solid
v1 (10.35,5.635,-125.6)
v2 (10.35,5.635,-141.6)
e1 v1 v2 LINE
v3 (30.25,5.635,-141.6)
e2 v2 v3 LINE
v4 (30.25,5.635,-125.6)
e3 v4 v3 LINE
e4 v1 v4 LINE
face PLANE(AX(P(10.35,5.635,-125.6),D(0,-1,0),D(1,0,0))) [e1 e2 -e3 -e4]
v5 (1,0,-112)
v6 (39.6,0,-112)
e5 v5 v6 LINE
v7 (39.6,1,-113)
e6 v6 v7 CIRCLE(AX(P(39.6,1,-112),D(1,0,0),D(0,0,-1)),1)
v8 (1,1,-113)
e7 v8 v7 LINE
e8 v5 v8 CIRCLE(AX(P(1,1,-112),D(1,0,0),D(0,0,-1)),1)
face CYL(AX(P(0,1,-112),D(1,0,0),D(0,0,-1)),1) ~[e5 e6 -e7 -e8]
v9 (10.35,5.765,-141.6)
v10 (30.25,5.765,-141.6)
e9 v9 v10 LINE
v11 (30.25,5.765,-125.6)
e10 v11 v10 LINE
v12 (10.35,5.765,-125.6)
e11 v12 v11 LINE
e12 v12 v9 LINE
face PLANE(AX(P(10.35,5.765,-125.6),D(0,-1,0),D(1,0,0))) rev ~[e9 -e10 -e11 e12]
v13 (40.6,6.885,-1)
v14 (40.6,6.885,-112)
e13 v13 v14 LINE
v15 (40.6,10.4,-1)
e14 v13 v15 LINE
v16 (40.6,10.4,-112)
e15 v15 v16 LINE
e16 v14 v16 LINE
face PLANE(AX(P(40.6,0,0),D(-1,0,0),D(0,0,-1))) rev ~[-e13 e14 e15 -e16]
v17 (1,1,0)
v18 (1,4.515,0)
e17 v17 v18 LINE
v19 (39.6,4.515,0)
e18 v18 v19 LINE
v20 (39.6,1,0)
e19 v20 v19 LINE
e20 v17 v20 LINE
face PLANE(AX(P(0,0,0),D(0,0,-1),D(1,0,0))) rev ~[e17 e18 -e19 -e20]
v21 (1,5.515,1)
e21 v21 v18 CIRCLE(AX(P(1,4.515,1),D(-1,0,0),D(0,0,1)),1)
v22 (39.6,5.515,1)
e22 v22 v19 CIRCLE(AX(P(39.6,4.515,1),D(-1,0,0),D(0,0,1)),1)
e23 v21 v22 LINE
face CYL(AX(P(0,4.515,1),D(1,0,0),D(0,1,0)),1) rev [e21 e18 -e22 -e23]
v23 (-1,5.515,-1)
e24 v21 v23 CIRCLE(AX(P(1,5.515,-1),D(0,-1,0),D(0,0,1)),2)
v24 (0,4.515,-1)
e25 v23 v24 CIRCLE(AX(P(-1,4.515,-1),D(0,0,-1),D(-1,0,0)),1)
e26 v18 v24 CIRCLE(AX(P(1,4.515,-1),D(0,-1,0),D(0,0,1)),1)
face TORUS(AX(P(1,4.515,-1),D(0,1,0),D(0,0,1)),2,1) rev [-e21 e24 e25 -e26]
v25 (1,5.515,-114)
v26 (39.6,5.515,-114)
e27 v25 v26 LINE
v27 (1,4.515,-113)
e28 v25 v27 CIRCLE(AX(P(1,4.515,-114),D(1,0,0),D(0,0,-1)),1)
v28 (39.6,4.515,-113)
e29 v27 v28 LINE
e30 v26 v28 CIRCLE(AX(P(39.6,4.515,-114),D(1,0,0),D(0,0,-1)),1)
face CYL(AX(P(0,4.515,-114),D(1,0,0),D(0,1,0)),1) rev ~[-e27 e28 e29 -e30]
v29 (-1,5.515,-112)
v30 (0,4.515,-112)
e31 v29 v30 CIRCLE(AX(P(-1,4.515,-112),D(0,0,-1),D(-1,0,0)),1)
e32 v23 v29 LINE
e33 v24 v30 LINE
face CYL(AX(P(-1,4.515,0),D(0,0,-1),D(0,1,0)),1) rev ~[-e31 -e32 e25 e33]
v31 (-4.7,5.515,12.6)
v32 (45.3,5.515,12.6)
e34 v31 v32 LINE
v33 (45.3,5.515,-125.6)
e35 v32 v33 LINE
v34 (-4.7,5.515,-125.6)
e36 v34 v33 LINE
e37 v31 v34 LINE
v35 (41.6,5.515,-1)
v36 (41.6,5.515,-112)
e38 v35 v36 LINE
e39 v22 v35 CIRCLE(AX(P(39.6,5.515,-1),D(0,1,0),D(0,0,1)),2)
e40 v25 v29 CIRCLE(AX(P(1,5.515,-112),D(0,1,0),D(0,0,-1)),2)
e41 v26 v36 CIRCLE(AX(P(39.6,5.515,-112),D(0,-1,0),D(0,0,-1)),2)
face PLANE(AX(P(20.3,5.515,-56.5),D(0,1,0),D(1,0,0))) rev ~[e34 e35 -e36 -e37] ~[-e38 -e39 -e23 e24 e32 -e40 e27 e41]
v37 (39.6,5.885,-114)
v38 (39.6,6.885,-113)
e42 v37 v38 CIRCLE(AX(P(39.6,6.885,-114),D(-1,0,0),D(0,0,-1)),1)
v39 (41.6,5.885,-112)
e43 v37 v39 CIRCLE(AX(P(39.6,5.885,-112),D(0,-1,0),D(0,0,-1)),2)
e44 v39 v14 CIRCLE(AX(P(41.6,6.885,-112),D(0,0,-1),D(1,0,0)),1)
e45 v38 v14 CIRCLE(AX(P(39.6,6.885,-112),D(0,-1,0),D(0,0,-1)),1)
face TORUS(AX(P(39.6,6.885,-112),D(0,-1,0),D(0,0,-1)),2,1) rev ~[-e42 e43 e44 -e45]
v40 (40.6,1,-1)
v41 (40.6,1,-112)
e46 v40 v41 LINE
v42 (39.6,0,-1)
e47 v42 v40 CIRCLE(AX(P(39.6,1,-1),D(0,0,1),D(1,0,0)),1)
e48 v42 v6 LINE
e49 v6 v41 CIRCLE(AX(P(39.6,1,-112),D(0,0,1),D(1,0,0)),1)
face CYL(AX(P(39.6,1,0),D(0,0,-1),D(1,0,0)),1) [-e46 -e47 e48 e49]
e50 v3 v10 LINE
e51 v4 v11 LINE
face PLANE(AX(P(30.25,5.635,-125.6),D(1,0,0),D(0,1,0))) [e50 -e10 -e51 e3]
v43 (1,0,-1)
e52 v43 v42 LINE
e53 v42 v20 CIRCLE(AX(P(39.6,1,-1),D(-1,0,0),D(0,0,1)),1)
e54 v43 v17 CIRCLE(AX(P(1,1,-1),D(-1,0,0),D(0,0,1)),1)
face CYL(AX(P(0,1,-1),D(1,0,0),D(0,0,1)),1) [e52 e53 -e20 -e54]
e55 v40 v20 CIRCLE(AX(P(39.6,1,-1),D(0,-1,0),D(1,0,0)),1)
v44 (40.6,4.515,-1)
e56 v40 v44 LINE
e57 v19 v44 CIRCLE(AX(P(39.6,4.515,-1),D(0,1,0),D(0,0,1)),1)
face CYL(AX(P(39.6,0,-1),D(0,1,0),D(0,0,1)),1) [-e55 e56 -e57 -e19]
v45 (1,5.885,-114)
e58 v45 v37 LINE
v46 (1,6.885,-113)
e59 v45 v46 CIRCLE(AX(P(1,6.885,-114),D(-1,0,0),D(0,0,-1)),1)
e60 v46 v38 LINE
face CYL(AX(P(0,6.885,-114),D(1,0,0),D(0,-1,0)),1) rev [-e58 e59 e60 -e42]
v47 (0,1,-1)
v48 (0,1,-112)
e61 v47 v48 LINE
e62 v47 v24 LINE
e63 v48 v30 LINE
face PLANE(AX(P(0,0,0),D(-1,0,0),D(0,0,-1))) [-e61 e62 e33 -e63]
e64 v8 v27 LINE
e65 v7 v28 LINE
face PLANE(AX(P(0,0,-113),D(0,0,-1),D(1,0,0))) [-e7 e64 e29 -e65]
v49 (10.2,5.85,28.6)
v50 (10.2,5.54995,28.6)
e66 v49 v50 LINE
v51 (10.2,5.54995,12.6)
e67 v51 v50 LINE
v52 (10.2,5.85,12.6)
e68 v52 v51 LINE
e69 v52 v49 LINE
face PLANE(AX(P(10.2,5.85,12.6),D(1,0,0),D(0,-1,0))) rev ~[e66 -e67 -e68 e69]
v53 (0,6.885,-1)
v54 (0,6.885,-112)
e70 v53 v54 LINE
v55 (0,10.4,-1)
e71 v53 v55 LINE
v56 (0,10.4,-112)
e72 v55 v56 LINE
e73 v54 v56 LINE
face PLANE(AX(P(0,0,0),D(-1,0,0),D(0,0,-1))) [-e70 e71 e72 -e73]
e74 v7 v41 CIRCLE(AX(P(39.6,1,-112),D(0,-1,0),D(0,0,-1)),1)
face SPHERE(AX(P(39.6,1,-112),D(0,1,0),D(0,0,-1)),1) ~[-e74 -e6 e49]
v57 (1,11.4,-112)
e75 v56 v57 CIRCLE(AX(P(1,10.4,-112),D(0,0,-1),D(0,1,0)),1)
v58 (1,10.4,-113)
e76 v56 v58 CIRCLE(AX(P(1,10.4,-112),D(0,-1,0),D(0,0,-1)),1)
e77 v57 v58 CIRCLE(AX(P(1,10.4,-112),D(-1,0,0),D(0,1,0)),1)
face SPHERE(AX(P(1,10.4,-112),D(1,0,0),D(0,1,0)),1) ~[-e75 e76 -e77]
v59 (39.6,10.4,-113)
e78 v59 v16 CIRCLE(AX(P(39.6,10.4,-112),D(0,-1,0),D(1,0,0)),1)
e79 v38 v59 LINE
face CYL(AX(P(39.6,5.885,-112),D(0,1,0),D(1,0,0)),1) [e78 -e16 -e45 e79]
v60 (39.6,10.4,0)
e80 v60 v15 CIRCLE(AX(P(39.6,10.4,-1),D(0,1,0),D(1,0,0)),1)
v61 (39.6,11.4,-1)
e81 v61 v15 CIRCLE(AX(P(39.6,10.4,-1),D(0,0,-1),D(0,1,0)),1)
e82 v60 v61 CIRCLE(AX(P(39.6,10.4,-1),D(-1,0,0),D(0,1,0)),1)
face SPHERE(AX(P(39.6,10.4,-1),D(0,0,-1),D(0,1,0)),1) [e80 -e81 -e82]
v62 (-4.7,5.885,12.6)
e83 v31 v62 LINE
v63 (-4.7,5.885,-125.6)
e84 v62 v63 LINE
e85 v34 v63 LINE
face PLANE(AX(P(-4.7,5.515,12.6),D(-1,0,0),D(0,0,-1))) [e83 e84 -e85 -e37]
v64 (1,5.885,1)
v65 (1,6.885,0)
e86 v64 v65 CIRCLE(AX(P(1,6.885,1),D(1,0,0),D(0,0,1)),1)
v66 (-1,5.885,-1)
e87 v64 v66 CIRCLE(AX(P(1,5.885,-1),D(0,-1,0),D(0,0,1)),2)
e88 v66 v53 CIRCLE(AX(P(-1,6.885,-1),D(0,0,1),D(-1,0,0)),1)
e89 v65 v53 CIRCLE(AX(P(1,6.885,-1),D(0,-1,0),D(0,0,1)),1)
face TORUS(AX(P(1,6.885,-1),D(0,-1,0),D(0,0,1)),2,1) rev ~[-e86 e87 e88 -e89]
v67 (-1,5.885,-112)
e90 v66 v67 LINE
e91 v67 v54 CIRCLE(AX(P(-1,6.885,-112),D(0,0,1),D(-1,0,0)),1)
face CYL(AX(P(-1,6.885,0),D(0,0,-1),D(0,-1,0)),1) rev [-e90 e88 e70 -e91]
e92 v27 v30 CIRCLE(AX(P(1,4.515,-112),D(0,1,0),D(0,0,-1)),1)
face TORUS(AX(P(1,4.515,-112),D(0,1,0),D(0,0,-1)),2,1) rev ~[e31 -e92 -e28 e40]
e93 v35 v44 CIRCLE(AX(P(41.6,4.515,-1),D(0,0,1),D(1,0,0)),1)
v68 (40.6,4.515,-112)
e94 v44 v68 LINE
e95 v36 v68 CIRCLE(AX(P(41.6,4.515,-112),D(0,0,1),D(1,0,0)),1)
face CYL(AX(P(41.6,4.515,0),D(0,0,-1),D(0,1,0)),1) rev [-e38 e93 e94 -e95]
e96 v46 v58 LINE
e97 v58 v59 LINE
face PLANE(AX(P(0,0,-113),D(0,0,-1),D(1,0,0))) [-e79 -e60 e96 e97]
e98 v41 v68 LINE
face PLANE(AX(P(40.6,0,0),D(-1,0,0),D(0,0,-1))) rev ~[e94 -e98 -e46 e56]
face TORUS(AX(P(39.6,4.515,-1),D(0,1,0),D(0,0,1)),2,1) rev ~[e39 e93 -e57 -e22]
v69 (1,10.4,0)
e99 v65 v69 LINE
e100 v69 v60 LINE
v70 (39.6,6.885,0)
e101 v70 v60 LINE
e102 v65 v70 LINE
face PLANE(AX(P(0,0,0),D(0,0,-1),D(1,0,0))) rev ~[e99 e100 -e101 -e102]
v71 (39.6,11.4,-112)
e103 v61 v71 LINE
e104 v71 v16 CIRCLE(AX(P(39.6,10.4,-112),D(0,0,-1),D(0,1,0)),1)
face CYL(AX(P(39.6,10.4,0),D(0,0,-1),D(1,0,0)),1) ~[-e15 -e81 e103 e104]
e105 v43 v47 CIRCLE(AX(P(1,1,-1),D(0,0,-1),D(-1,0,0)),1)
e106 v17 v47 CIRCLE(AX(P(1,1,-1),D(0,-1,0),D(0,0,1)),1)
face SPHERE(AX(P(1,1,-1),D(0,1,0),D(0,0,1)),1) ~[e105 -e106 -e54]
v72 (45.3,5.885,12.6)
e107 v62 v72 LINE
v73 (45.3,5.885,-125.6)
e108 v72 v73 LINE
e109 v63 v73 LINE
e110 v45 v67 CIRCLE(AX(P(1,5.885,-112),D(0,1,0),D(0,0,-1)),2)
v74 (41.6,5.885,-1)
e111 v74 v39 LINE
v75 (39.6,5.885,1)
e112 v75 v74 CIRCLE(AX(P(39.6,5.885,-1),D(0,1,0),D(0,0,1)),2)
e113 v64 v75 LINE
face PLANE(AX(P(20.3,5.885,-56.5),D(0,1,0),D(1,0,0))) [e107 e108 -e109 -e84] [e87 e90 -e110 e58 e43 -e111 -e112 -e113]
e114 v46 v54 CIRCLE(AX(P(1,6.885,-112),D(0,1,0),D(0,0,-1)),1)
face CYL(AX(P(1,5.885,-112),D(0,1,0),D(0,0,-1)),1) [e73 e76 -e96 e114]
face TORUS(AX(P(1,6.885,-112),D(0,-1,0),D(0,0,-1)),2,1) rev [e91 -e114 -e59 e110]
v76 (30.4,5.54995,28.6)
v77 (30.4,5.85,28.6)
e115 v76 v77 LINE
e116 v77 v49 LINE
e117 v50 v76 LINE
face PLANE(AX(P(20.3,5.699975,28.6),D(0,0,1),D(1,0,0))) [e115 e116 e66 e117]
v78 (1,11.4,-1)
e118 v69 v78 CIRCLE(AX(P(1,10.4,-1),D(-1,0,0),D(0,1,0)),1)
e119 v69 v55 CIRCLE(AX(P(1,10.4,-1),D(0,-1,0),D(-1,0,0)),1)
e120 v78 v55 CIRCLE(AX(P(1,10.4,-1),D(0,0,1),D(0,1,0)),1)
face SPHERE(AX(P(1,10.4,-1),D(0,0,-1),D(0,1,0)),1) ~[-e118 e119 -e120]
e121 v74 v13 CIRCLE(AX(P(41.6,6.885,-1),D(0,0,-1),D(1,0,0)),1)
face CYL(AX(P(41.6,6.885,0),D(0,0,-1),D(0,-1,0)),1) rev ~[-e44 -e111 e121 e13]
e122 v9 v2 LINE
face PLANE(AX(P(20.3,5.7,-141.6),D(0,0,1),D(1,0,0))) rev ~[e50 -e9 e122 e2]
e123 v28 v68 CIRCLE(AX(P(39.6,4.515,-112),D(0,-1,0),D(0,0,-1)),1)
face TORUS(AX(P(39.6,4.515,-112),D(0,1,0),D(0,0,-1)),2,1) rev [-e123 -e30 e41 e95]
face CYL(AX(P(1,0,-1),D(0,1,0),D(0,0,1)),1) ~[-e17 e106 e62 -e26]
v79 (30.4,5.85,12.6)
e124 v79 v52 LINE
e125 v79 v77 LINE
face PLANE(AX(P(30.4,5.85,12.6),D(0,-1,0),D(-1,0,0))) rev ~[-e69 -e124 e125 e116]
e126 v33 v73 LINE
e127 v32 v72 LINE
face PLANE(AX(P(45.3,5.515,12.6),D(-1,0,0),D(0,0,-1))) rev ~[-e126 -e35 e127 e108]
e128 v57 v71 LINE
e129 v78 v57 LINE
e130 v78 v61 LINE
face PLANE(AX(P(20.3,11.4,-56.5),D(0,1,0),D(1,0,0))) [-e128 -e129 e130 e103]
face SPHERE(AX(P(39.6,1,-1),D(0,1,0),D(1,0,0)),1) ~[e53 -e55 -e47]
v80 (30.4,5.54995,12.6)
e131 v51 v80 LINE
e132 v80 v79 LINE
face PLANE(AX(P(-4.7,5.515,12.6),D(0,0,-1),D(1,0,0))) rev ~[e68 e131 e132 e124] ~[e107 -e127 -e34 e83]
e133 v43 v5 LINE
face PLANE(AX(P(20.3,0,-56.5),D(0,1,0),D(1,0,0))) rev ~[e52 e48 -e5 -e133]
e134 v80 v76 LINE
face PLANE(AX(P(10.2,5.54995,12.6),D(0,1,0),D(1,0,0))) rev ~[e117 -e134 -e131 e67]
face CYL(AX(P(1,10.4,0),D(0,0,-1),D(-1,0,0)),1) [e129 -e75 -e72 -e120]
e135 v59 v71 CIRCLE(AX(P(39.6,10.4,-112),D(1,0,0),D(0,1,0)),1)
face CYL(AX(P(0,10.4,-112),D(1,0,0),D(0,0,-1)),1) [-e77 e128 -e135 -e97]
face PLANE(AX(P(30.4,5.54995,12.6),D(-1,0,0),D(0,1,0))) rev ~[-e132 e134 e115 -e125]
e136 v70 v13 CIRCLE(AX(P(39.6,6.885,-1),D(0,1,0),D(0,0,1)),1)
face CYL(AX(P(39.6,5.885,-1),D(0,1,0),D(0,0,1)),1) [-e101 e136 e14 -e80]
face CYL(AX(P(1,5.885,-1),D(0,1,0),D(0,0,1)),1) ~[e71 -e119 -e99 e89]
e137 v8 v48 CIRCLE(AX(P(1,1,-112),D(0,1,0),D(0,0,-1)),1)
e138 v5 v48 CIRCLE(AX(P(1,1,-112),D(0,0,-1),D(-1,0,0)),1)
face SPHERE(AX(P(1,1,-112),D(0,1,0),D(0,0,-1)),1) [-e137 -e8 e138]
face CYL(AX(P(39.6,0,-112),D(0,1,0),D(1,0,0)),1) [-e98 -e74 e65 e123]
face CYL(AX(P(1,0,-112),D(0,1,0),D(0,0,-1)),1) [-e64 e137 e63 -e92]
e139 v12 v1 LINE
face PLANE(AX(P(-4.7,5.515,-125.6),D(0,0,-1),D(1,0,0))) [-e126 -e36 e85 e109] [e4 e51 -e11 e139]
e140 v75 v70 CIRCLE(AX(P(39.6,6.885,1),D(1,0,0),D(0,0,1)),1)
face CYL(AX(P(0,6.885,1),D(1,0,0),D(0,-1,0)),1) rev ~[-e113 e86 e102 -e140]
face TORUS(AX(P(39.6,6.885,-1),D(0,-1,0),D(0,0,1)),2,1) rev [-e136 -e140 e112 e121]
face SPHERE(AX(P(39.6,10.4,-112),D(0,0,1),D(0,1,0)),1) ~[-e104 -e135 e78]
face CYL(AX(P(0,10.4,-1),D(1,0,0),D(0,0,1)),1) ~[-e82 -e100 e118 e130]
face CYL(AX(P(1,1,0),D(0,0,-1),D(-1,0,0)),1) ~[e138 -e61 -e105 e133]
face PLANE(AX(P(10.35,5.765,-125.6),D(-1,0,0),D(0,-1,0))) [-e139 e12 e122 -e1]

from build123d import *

# Parameters (mm, degrees)
SKETCH1_W                = 40.6
SKETCH1_H                = 113
BOSS_EXTRUDE2_DEPTH      = 11.4
SKETCH3_W                = 4.7
SKETCH3_H                = 0.01
BOSS_EXTRUDE3_DEPTH      = 1
BOSS_EXTRUDE4_DEPTH      = 0.185
BOSS_EXTRUDE4_DEPTH_BACK = 0.185
SKETCH4_W                = 50
SKETCH4_H                = 138.2
BOSS_EXTRUDE5_DEPTH      = 16
BOSS_EXTRUDE6_DEPTH      = 16
FILLET1_R                = 1


with BuildPart() as part:
    # Sketch1 → Boss-Extrude2 (new body)
    with BuildSketch(Plane(origin=(0, 0, 0), x_dir=(1, 0, 0), z_dir=(0, 1, 0))):
        with Locations((20.3, 56.5)):
            Rectangle(SKETCH1_W, SKETCH1_H)
    extrude(amount=BOSS_EXTRUDE2_DEPTH)



with BuildPart() as body_2:
    # Sketch3 → Boss-Extrude3 (new body)
    with BuildSketch(Plane.XY):
        with Locations((-2.35, 5.695)):
            Rectangle(SKETCH3_W, SKETCH3_H)
    extrude(amount=BOSS_EXTRUDE3_DEPTH)


with BuildPart() as part_1:
    add(part.part)

    add(body_2.part)  # Boss-Extrude4 merges body 2
    # Sketch4 → Boss-Extrude4 (add, two sides: drawn at the far end of the back side and taken through both)
    with BuildSketch(Plane(origin=(0, 5.7, 0), x_dir=(1, 0, 0), z_dir=(0, 1, 0)).offset(-BOSS_EXTRUDE4_DEPTH_BACK)):
        with Locations((20.3, 56.5)):
            Rectangle(SKETCH4_W, SKETCH4_H)
    extrude(amount=BOSS_EXTRUDE4_DEPTH + BOSS_EXTRUDE4_DEPTH_BACK)

    # Sketch5 → Boss-Extrude5 (add)
    with BuildSketch(Plane.XY.offset(12.6)):
        Polygon((30.4, 5.85), (20.3, 5.85), (10.2, 5.85), (10.2, 5.549950483), (30.4, 5.549950483), align=None)
    extrude(amount=BOSS_EXTRUDE5_DEPTH)

    # Sketch6 → Boss-Extrude6 (add)
    with BuildSketch(Plane(origin=(0, 0, -125.6), x_dir=(-1, 0, 0), z_dir=(0, 0, -1))):
        Polygon((-20.3, 5.765), (-10.35, 5.765), (-10.35, 5.635), (-30.25, 5.635), (-30.25, 5.765), align=None)
    extrude(amount=BOSS_EXTRUDE6_DEPTH)

    # Fillet1
    fillet1_edges = [part_1.edges().sort_by_distance(p)[0] for p in [
        (40.6, 11.4, -56.5),
        (20.3, 11.4, -113),
        (0, 2.7575, -113),
        (40.6, 2.7575, -113),
        (20.3, 5.885, -113),
        (20.3, 5.515, -113),
        (40.6, 2.7575, 0),
        (0, 2.7575, 0),
        (20.3, 5.885, 0),
        (0, 5.885, -56.5),
        (40.6, 5.885, -56.5),
        (20.3, 5.515, 0),
        (0, 5.515, -56.5),
        (40.6, 5.515, -56.5),
        (0, 11.4, -56.5),
        (20.3, 0, -113),
        (40.6, 0, -56.5),
        (20.3, 0, 0),
        (0, 0, -56.5),
        (20.3, 11.4, 0),
        (0, 8.6425, -113),
        (40.6, 8.6425, -113),
        (40.6, 8.6425, 0),
        (0, 8.6425, 0),
    ]]
    fillet(fillet1_edges, radius=FILLET1_R)


solid = part_1.part
